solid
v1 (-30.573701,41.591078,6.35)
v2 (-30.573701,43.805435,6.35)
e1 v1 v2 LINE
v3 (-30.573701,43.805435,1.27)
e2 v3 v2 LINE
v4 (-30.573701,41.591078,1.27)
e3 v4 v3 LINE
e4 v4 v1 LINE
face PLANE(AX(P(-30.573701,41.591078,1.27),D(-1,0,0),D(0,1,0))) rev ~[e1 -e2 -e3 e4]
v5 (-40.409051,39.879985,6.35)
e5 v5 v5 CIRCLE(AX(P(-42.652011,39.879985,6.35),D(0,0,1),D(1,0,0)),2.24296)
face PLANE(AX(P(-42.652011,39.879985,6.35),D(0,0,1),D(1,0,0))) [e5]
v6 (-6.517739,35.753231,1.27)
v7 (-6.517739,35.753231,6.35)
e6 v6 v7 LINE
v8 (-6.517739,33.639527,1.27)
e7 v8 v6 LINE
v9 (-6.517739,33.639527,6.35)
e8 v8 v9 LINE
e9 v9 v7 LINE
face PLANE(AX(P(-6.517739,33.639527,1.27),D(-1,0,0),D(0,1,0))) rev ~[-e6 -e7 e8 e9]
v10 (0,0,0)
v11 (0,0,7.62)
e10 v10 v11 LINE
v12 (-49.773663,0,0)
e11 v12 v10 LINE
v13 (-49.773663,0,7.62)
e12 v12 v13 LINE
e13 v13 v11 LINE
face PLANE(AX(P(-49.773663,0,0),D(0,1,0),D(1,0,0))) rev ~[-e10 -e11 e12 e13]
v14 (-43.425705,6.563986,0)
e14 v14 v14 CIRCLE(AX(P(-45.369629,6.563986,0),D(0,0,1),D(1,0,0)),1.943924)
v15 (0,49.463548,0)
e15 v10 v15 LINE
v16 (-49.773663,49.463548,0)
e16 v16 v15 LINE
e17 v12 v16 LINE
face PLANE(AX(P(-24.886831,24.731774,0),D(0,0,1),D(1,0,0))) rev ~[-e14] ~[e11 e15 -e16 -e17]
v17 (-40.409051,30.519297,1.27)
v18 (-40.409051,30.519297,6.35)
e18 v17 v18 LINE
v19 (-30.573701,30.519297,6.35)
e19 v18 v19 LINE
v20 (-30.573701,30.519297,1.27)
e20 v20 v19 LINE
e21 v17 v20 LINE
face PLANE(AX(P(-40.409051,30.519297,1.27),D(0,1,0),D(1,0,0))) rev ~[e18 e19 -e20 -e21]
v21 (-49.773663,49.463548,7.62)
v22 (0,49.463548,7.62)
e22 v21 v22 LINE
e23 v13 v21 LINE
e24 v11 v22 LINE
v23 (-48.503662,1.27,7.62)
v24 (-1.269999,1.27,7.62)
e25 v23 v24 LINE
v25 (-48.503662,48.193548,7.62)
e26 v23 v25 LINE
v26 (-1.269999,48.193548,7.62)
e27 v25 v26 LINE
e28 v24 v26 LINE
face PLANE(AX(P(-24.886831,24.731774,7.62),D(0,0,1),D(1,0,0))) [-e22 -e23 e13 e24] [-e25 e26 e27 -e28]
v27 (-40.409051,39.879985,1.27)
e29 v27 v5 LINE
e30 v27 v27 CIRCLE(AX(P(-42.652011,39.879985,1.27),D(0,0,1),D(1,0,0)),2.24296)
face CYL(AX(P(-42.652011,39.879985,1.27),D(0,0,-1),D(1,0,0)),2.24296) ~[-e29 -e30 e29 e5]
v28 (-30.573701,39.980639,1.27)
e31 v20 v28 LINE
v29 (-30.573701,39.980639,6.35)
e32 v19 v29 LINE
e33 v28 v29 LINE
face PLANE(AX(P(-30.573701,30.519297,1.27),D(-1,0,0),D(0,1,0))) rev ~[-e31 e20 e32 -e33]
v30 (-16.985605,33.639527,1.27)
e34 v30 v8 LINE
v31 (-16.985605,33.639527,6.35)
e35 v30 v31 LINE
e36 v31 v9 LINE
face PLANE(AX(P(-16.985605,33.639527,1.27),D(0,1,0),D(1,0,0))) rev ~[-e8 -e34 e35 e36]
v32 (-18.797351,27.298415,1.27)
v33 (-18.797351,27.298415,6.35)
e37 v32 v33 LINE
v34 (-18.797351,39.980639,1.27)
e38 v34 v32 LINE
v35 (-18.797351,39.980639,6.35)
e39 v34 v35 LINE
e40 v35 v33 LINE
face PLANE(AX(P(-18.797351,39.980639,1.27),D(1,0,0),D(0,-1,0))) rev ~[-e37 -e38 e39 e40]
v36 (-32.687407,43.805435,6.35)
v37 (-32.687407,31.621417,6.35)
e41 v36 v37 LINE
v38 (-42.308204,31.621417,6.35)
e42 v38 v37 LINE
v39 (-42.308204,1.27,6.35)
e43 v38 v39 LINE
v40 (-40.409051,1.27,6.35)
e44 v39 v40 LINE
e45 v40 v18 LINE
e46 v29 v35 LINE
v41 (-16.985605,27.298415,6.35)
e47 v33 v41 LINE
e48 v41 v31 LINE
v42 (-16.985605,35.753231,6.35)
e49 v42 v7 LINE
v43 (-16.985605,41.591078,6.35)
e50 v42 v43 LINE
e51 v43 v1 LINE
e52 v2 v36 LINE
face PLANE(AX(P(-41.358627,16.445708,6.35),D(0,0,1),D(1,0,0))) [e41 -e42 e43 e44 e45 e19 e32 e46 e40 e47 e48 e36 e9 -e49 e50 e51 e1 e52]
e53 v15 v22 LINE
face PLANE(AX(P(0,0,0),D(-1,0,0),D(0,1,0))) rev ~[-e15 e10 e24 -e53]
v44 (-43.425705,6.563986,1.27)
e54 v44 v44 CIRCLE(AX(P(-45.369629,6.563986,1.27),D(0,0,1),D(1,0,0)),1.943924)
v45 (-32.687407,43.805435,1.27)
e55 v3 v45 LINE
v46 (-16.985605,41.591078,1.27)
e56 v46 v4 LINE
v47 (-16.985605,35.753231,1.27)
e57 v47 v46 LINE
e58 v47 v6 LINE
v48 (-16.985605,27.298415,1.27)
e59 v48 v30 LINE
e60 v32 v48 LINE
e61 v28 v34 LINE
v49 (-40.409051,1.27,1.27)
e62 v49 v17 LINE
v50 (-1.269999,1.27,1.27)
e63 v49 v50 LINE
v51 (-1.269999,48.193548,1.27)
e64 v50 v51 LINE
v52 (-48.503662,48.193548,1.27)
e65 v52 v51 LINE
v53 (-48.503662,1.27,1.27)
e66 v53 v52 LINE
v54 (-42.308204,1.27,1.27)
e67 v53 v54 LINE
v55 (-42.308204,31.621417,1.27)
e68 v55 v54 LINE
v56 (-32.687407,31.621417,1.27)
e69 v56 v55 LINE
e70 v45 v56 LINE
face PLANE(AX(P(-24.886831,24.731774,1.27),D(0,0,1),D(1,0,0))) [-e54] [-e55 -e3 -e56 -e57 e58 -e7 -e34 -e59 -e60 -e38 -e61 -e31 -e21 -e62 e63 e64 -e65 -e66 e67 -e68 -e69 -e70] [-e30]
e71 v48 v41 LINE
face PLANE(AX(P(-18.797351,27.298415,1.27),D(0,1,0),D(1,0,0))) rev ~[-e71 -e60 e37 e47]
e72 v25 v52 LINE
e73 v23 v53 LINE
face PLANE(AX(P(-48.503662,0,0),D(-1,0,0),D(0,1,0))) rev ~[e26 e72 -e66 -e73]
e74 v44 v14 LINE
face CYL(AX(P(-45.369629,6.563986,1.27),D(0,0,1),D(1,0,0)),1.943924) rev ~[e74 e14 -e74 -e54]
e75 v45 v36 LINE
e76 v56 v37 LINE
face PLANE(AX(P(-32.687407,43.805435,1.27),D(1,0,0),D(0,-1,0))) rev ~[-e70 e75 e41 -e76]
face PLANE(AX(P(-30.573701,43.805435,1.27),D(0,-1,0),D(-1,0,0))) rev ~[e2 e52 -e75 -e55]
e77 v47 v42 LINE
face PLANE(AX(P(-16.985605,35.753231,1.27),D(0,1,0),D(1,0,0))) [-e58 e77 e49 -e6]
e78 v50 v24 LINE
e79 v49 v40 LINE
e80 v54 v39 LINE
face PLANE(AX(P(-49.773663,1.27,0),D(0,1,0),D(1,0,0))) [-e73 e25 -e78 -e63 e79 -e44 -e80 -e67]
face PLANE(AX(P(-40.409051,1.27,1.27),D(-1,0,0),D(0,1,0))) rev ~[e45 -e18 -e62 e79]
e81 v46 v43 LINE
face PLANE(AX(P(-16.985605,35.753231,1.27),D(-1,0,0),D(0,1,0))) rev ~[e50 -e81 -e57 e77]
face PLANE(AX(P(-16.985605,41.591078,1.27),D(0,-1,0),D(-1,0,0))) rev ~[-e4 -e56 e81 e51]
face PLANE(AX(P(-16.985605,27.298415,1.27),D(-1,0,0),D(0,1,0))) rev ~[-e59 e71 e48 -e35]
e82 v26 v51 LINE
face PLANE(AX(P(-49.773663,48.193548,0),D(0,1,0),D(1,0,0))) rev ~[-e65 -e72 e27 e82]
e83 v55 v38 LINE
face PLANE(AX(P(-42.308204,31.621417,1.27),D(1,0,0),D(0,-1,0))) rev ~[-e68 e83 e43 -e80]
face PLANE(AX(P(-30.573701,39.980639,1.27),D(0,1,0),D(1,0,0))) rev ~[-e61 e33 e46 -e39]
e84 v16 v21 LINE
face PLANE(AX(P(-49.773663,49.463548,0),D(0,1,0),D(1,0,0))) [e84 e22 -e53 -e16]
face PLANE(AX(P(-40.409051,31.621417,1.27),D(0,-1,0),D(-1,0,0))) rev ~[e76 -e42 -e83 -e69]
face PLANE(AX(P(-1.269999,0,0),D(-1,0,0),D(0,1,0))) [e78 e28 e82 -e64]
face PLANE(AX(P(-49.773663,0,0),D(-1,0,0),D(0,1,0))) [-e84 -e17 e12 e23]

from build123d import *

# Parameters (mm, degrees)
F0_W     = 49.773663
F0_H     = 49.463548
F1_DEPTH = 7.62
F2_T     = -1.27
F4_DEPTH = 5.08
F3_W     = 10.467866
F3_H     = 2.113704
F3_R     = 2.24296
F5_DEPTH = 5.08
F6_R     = 1.943924
F7_DEPTH = 5.08


with BuildPart() as f1:
    # F0 (on Top) → F1 (new body)
    with BuildSketch(Plane.XY):
        with Locations((-24.886831, 24.731774)):
            Rectangle(F0_W, F0_H)
    extrude(amount=F1_DEPTH)

    # F2
    f2_openings = [f1.faces().sort_by_distance(p)[0] for p in [
        (-24.886832, 24.731774, 7.62),
    ]]
    offset(amount=F2_T, openings=f2_openings)

    # F3 (on face) → F4 (join)
    with BuildSketch(Plane.XY.offset(1.27)):
        Polygon((-42.308204, 31.621417), (-42.308204, 1.27), (-40.409051, 1.27), (-40.409051, 30.519297), (-40.409051, 31.621417), align=None)
    extrude(amount=F4_DEPTH)

    # F3 (on face) → F5 (join)
    with BuildSketch(Plane.XY.offset(1.27)):
        Polygon((-42.308204, 31.621417), (-42.308204, 1.27), (-40.409051, 1.27), (-40.409051, 30.519297), (-40.409051, 31.621417), align=None)
        Polygon((-40.409051, 31.621417), (-40.409051, 30.519297), (-30.573701, 30.519297), (-30.573701, 31.621417), (-32.687407, 31.621417), align=None)
        Polygon((-32.687407, 43.805435), (-32.687407, 31.621417), (-30.573701, 31.621417), (-30.573701, 39.980639), (-30.573701, 41.591078), (-30.573701, 43.805435), align=None)
        Polygon((-30.573701, 41.591078), (-30.573701, 39.980639), (-18.797351, 39.980639), (-16.985605, 39.980639), (-16.985605, 41.591078), align=None)
        Polygon((-16.985605, 39.980639), (-18.797351, 39.980639), (-18.797351, 27.298415), (-16.985605, 27.298415), (-16.985605, 33.639527), (-16.985605, 35.753231), align=None)
        with Locations((-11.751672, 34.696379)):
            Rectangle(F3_W, F3_H)
        with Locations((-42.652011, 39.879985)):
            Circle(F3_R)
    extrude(amount=F5_DEPTH)

    # F6 (on face) → F7 (cut)
    with BuildSketch(Plane.XY.offset(1.27)):
        with Locations((-45.369629, 6.563986)):
            Circle(F6_R)
    extrude(amount=-F7_DEPTH, mode=Mode.SUBTRACT)


solid = f1.part
